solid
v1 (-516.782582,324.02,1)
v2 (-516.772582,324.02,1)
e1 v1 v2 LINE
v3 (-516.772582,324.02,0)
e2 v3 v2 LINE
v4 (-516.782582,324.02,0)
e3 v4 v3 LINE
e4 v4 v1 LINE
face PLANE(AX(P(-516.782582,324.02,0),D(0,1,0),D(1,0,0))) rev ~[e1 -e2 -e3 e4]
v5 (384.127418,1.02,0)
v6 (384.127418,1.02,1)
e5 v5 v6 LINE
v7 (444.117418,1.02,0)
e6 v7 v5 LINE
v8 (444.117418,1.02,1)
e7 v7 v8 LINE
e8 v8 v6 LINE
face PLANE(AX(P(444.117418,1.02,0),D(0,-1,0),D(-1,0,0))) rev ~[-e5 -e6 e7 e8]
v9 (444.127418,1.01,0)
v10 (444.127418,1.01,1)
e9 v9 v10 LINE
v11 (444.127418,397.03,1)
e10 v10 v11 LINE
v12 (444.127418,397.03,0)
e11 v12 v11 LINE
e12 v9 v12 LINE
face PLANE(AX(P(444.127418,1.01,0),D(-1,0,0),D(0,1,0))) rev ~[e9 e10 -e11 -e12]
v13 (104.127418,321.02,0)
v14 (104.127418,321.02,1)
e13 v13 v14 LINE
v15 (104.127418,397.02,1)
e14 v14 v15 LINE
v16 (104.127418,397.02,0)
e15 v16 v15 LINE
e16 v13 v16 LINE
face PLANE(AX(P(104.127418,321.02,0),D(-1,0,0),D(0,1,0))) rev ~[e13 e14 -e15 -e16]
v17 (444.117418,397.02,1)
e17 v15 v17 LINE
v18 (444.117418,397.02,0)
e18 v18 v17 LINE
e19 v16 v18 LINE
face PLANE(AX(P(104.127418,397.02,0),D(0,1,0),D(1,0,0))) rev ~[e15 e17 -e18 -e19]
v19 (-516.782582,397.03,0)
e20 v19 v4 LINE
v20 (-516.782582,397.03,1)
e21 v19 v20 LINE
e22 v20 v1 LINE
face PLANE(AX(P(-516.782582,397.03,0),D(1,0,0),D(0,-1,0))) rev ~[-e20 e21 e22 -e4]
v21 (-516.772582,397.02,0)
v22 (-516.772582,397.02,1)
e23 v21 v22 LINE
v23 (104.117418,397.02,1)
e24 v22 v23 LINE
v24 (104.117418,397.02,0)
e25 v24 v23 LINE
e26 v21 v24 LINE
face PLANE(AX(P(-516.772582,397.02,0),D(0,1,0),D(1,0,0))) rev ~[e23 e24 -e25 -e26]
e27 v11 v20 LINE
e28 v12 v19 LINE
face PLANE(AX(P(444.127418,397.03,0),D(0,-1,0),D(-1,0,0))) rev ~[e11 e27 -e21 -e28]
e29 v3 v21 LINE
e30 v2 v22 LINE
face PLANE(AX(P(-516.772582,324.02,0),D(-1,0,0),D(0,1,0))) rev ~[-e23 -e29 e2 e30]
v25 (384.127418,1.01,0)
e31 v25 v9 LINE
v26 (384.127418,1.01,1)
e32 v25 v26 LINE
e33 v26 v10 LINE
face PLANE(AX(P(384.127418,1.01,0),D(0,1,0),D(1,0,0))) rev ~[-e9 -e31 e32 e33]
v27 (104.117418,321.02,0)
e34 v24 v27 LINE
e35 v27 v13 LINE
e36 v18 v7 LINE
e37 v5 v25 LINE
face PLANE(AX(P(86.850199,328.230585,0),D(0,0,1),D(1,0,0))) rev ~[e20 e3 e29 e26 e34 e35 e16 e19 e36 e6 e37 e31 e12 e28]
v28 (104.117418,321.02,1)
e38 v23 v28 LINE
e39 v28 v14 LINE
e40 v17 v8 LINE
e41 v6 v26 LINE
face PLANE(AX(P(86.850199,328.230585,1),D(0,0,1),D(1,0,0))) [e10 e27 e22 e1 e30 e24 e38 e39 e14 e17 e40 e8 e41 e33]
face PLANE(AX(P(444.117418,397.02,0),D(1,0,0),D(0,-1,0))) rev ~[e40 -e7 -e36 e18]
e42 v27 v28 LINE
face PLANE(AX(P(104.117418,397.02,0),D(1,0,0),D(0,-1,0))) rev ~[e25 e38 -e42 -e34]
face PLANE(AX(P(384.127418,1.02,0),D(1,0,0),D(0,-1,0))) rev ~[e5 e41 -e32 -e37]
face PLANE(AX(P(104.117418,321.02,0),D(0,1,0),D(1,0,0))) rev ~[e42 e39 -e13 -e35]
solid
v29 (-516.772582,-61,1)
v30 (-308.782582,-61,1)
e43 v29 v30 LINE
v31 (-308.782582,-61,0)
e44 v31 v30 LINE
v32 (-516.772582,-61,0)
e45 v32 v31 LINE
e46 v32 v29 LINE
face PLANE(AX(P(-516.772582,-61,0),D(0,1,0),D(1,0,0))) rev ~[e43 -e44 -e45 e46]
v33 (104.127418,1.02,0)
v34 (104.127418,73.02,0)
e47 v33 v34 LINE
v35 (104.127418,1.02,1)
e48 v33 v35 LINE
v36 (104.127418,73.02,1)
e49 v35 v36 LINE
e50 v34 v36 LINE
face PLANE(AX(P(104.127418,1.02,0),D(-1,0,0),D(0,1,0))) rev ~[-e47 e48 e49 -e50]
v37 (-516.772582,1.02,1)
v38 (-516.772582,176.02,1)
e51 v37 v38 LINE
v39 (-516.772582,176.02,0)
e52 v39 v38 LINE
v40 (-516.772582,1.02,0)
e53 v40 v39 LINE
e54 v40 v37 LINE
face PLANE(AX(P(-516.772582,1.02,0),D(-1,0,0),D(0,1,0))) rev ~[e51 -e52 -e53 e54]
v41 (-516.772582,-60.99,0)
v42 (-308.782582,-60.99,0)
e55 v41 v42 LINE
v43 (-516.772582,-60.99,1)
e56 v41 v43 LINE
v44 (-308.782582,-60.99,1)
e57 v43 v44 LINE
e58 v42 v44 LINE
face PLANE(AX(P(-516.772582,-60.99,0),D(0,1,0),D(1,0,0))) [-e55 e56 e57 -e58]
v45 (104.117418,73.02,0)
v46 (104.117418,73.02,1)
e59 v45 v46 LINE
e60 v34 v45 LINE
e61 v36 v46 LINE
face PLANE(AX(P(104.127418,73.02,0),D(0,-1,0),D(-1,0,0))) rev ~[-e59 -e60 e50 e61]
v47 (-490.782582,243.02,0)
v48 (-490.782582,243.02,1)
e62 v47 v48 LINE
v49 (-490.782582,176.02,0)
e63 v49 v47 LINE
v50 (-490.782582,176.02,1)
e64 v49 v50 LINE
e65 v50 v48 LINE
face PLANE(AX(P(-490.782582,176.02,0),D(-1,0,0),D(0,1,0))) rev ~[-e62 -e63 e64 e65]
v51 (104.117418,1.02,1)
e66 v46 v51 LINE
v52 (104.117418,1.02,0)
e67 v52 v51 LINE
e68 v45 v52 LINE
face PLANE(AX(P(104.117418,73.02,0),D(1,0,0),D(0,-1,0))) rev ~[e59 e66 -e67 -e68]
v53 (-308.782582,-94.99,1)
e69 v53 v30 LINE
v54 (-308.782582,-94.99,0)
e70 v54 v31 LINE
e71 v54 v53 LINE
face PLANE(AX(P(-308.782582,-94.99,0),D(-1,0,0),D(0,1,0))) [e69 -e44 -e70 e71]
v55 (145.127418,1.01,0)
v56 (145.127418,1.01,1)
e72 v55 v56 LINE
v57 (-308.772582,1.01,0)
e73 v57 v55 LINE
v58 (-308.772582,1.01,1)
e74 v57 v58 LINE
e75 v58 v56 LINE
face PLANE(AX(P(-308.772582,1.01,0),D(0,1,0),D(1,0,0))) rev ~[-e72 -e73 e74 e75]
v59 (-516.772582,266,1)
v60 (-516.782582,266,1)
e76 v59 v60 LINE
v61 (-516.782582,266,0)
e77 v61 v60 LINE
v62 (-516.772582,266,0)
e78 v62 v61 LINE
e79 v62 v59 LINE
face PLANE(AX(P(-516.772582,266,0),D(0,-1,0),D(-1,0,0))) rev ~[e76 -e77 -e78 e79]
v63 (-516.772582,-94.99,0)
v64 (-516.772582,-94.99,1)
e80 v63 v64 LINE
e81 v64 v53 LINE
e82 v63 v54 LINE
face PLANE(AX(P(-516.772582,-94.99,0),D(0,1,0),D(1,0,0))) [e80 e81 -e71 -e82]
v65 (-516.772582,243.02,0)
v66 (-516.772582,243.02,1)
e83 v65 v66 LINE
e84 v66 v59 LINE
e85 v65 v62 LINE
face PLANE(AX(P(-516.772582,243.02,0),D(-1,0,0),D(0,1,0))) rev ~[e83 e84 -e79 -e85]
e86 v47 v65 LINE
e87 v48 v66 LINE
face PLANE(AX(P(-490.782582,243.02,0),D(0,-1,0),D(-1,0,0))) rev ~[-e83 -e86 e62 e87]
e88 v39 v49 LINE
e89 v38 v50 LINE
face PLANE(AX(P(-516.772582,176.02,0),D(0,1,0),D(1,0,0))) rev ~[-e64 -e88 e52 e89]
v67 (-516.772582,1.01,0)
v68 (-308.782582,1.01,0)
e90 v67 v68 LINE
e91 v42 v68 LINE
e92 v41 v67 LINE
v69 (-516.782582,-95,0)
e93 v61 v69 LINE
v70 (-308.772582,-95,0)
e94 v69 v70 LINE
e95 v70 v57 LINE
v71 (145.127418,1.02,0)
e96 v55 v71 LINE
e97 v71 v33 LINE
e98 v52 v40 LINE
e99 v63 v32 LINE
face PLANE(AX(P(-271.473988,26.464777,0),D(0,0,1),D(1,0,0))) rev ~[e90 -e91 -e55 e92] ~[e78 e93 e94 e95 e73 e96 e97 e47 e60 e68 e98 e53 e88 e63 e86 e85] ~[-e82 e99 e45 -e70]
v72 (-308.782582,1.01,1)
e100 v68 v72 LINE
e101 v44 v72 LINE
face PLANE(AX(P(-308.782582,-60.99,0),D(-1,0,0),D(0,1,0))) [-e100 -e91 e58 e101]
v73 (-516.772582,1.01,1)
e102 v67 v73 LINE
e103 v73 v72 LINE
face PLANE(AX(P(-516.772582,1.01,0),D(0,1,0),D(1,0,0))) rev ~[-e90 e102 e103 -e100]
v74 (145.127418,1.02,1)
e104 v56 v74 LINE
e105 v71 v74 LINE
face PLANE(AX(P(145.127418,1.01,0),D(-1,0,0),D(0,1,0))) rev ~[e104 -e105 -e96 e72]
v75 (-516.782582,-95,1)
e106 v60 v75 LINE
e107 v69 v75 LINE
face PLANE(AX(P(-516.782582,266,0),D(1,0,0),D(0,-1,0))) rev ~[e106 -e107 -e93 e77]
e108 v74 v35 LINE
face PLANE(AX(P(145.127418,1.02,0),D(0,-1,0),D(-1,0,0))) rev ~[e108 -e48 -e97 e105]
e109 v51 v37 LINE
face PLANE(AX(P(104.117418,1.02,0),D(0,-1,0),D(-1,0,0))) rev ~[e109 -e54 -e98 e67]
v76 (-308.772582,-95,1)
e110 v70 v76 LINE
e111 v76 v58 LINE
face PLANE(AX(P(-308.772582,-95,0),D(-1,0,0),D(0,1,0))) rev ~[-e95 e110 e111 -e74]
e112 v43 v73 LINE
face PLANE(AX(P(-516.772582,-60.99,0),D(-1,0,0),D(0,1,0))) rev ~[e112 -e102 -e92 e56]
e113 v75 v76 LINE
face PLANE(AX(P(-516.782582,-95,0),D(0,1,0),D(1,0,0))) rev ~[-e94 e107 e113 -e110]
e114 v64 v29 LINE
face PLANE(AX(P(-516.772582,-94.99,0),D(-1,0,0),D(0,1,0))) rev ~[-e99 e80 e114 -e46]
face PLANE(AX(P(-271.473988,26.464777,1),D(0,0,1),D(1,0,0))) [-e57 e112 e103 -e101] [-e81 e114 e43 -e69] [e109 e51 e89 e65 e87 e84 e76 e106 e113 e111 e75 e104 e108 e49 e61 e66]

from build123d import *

# Parameters (mm, degrees)
F0_W     = 207.99
F0_H     = 33.99
F0_H_2   = 62
F1_DEPTH = 1


with BuildPart() as f1:
    # F0 (on Top) → F1 (new body)
    with BuildSketch(Plane.XY):
        Polygon((104.117418, 73.02), (104.117418, 1.02), (-308.772582, 1.02), (-308.782582, 1.02), (-516.772582, 1.02), (-516.772582, 176.02), (-490.782582, 176.02), (-490.782582, 243.02), (-516.772582, 243.02), (-516.772582, 266), (-516.782582, 266), (-516.782582, 240.872535), (-516.782582, 240.870627), (-516.782582, -95), (-308.782582, -95), (-308.772582, -95), (-308.772582, 1.01), (104.127418, 1.01), (145.127418, 1.01), (145.127418, 1.02), (104.127418, 1.02), (104.127418, 73.02), align=None)
        with Locations((-412.777582, -77.995)):
            Rectangle(F0_W, F0_H, mode=Mode.SUBTRACT)
        with Locations((-412.777582, -29.99)):
            Rectangle(F0_W, F0_H_2, mode=Mode.SUBTRACT)
        Polygon((104.117418, 397.02), (104.117418, 321.02), (104.127418, 321.02), (104.127418, 397.02), (444.117418, 397.02), (444.117418, 1.02), (384.127418, 1.02), (384.127418, 1.01), (444.127418, 1.01), (444.127418, 397.03), (-516.782582, 397.03), (-516.782582, 324.02), (-516.772582, 324.02), (-516.772582, 397.02), align=None)
    extrude(amount=F1_DEPTH)


solid = f1.part
